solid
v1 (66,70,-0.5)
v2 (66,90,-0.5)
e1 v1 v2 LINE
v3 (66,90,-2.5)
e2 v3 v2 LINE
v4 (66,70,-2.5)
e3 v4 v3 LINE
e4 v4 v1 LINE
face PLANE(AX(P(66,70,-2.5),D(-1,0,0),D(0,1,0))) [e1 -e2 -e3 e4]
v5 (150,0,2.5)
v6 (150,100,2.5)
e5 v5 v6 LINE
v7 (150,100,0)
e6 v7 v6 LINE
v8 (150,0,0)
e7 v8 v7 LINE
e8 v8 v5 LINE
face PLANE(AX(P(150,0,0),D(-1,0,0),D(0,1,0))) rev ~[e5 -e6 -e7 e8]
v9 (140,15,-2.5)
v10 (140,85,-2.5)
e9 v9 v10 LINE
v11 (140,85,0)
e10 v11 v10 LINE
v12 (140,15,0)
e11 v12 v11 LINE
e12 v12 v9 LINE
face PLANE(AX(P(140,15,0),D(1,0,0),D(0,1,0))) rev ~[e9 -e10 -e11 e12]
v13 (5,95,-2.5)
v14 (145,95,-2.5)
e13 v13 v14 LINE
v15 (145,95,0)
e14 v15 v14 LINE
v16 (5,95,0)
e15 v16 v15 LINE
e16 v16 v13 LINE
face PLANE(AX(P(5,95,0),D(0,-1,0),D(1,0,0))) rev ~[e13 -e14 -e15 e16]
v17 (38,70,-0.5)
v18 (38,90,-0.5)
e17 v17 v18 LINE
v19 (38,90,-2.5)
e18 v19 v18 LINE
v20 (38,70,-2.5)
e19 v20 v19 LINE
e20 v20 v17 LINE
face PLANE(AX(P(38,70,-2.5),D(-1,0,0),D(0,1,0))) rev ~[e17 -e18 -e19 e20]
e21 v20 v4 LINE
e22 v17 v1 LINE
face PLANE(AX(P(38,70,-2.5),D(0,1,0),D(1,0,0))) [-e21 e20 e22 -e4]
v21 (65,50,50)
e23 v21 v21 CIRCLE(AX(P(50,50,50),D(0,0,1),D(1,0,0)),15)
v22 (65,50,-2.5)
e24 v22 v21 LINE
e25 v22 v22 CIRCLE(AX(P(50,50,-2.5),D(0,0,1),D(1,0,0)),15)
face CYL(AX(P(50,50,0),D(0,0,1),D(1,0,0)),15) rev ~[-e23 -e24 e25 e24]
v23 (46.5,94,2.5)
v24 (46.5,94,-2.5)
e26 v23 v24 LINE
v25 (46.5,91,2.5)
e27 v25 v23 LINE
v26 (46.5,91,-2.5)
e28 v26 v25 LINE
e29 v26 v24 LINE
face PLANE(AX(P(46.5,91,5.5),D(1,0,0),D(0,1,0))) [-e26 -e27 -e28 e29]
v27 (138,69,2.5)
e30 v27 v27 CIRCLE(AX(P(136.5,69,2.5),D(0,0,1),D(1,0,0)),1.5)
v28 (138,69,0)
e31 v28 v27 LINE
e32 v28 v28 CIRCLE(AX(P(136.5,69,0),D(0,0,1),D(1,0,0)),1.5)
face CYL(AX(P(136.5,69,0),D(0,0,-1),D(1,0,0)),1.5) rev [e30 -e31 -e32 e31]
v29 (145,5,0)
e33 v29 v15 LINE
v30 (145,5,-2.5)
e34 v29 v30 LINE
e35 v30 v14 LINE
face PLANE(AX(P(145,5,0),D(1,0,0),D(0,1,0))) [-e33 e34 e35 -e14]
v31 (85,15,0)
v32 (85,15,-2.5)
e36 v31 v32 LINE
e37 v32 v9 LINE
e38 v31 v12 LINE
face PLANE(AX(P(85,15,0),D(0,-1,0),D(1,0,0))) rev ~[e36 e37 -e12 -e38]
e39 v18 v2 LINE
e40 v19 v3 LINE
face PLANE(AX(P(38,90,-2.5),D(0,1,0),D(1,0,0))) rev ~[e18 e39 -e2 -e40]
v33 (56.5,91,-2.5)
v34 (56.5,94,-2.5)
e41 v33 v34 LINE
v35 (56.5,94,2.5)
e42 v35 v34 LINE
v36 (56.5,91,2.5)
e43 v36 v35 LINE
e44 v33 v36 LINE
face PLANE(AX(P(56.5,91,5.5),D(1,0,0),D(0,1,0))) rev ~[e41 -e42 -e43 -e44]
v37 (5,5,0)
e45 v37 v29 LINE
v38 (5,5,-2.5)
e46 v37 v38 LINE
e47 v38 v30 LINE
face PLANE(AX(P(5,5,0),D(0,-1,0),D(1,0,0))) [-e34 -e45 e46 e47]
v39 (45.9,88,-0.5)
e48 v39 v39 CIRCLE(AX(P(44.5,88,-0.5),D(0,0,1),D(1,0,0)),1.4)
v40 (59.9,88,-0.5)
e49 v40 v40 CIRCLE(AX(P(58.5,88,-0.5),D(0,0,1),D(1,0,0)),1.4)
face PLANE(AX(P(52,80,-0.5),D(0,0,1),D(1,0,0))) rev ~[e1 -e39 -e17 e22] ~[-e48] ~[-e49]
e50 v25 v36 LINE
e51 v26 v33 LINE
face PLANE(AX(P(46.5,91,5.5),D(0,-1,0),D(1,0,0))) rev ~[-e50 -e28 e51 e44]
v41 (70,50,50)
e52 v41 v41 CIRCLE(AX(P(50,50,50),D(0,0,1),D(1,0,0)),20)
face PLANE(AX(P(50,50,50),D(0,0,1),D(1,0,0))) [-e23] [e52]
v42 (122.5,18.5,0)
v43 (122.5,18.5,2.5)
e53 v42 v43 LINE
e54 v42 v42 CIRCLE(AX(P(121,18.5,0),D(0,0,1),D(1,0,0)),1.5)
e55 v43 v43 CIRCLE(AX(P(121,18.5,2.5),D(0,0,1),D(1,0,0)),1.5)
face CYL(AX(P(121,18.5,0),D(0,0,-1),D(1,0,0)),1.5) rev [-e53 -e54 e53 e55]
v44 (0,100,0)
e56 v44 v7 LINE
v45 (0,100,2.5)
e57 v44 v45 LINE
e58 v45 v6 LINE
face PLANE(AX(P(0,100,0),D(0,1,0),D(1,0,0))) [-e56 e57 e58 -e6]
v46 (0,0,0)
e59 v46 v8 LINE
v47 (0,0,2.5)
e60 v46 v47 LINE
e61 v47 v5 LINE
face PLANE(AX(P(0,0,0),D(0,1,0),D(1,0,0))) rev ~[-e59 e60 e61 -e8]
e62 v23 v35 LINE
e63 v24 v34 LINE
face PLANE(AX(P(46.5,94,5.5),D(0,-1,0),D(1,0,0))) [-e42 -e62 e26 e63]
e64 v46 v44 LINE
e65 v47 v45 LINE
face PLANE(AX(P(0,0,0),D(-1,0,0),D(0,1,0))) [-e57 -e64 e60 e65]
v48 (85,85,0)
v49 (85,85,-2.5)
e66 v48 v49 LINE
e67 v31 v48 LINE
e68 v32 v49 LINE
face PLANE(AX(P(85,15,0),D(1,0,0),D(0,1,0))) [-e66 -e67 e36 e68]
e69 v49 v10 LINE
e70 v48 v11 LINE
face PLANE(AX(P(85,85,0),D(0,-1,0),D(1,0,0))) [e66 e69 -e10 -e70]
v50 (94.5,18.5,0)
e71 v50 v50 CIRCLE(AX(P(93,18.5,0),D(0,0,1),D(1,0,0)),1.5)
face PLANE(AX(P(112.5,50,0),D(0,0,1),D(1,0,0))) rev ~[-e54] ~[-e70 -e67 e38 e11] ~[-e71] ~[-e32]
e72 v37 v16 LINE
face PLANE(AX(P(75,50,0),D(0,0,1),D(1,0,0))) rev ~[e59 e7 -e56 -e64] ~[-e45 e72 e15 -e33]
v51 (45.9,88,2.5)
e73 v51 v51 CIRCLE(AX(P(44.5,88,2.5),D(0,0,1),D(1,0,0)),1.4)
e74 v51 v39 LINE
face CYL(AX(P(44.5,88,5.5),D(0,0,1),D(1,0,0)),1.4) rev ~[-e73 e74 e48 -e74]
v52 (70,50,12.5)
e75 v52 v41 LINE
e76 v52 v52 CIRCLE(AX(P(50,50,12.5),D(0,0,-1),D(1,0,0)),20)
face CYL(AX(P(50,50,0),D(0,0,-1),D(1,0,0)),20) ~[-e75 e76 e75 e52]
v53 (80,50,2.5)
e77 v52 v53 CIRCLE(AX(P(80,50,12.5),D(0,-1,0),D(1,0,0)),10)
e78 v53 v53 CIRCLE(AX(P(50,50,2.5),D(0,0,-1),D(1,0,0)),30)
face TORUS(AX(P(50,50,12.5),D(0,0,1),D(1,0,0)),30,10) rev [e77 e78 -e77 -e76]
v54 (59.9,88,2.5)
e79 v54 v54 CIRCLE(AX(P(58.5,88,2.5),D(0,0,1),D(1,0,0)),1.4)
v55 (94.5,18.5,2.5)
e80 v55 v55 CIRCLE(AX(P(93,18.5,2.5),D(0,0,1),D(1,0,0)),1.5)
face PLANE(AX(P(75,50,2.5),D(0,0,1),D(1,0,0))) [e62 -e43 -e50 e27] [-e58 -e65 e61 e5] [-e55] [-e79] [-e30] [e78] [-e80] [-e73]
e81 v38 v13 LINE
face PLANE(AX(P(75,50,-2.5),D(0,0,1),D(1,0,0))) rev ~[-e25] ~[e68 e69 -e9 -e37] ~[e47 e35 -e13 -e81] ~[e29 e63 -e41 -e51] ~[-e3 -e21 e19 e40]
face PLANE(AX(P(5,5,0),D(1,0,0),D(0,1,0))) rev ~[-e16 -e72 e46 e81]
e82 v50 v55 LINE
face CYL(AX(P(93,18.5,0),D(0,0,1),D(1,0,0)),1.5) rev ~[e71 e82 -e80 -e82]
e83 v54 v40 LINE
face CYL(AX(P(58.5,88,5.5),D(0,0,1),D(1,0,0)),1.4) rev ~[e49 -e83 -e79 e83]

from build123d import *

# Parameters (mm, degrees)
SKETCH020_W     = 150
SKETCH020_H     = 100
PAD009_DEPTH    = 2.5
SKETCH005_W     = 140
SKETCH005_H     = 90
PAD010_DEPTH    = 2.5
SKETCH021_R     = 20
PAD002_DEPTH    = 50
SKETCH019_R     = 15
POCKET010_DEPTH = 50
SKETCH003_W     = 55
SKETCH003_H     = 70
POCKET001_DEPTH = 3
SKETCH004_R     = 1.5
POCKET002_DEPTH = 2.5
SKETCH006_W     = 28
SKETCH006_H     = 20
POCKET003_DEPTH = 2
SKETCH007_R     = 1.4
SKETCH007_W     = 10
SKETCH007_H     = 3
POCKET004_DEPTH = 50
FILLET_R        = 10


with BuildPart() as part:
    # Sketch020 → Pad009 (new body)
    with BuildSketch(Plane.XY):
        with Locations((75, 50)):
            Rectangle(SKETCH020_W, SKETCH020_H)
    extrude(amount=PAD009_DEPTH)

    # Sketch005 → Pad010 (join)
    with BuildSketch(Plane.XY):
        with Locations((75, 50)):
            Rectangle(SKETCH005_W, SKETCH005_H)
    extrude(amount=-PAD010_DEPTH)

    # Sketch021 → Pad002 (join)
    with BuildSketch(Plane.XY):
        with Locations((50, 50)):
            Circle(SKETCH021_R)
    extrude(amount=PAD002_DEPTH)

    # Sketch019 → Pocket010 (cut, symmetric)
    with BuildSketch(Plane.XY):
        with Locations((50, 50)):
            Circle(SKETCH019_R)
    extrude(amount=POCKET010_DEPTH, both=True, mode=Mode.SUBTRACT)

    # Sketch003 → Pocket001 (cut)
    with BuildSketch(Plane.XY):
        with Locations((112.5, 50)):
            Rectangle(SKETCH003_W, SKETCH003_H)
    extrude(amount=-POCKET001_DEPTH, mode=Mode.SUBTRACT)

    # Sketch004 → Pocket002 (cut, symmetric)
    with BuildSketch(Plane.XY):
        with Locations((121, 18.5)):
            Circle(SKETCH004_R)
        with Locations((136.5, 69)):
            Circle(SKETCH004_R)
        with Locations((93, 18.5)):
            Circle(SKETCH004_R)
    extrude(amount=POCKET002_DEPTH, both=True, mode=Mode.SUBTRACT)

    # Sketch006 → Pocket003 (cut)
    with BuildSketch(Plane.XY.offset(-2.5)):
        with Locations((52, 80)):
            Rectangle(SKETCH006_W, SKETCH006_H)
    extrude(amount=POCKET003_DEPTH, mode=Mode.SUBTRACT)

    # Sketch007 → Pocket004 (cut, symmetric)
    with BuildSketch(Plane.XY.offset(5.5)):
        with Locations((44.5, 88)):
            Circle(SKETCH007_R)
        with Locations((58.5, 88)):
            Circle(SKETCH007_R)
        with Locations((51.5, 92.5)):
            Rectangle(SKETCH007_W, SKETCH007_H)
    extrude(amount=POCKET004_DEPTH, both=True, mode=Mode.SUBTRACT)

    # Fillet
    fillet_edges = [part.edges().sort_by_distance(p)[0] for p in [
        (30, 50, 2.5),
    ]]
    fillet(fillet_edges, radius=FILLET_R)


solid = part.part
